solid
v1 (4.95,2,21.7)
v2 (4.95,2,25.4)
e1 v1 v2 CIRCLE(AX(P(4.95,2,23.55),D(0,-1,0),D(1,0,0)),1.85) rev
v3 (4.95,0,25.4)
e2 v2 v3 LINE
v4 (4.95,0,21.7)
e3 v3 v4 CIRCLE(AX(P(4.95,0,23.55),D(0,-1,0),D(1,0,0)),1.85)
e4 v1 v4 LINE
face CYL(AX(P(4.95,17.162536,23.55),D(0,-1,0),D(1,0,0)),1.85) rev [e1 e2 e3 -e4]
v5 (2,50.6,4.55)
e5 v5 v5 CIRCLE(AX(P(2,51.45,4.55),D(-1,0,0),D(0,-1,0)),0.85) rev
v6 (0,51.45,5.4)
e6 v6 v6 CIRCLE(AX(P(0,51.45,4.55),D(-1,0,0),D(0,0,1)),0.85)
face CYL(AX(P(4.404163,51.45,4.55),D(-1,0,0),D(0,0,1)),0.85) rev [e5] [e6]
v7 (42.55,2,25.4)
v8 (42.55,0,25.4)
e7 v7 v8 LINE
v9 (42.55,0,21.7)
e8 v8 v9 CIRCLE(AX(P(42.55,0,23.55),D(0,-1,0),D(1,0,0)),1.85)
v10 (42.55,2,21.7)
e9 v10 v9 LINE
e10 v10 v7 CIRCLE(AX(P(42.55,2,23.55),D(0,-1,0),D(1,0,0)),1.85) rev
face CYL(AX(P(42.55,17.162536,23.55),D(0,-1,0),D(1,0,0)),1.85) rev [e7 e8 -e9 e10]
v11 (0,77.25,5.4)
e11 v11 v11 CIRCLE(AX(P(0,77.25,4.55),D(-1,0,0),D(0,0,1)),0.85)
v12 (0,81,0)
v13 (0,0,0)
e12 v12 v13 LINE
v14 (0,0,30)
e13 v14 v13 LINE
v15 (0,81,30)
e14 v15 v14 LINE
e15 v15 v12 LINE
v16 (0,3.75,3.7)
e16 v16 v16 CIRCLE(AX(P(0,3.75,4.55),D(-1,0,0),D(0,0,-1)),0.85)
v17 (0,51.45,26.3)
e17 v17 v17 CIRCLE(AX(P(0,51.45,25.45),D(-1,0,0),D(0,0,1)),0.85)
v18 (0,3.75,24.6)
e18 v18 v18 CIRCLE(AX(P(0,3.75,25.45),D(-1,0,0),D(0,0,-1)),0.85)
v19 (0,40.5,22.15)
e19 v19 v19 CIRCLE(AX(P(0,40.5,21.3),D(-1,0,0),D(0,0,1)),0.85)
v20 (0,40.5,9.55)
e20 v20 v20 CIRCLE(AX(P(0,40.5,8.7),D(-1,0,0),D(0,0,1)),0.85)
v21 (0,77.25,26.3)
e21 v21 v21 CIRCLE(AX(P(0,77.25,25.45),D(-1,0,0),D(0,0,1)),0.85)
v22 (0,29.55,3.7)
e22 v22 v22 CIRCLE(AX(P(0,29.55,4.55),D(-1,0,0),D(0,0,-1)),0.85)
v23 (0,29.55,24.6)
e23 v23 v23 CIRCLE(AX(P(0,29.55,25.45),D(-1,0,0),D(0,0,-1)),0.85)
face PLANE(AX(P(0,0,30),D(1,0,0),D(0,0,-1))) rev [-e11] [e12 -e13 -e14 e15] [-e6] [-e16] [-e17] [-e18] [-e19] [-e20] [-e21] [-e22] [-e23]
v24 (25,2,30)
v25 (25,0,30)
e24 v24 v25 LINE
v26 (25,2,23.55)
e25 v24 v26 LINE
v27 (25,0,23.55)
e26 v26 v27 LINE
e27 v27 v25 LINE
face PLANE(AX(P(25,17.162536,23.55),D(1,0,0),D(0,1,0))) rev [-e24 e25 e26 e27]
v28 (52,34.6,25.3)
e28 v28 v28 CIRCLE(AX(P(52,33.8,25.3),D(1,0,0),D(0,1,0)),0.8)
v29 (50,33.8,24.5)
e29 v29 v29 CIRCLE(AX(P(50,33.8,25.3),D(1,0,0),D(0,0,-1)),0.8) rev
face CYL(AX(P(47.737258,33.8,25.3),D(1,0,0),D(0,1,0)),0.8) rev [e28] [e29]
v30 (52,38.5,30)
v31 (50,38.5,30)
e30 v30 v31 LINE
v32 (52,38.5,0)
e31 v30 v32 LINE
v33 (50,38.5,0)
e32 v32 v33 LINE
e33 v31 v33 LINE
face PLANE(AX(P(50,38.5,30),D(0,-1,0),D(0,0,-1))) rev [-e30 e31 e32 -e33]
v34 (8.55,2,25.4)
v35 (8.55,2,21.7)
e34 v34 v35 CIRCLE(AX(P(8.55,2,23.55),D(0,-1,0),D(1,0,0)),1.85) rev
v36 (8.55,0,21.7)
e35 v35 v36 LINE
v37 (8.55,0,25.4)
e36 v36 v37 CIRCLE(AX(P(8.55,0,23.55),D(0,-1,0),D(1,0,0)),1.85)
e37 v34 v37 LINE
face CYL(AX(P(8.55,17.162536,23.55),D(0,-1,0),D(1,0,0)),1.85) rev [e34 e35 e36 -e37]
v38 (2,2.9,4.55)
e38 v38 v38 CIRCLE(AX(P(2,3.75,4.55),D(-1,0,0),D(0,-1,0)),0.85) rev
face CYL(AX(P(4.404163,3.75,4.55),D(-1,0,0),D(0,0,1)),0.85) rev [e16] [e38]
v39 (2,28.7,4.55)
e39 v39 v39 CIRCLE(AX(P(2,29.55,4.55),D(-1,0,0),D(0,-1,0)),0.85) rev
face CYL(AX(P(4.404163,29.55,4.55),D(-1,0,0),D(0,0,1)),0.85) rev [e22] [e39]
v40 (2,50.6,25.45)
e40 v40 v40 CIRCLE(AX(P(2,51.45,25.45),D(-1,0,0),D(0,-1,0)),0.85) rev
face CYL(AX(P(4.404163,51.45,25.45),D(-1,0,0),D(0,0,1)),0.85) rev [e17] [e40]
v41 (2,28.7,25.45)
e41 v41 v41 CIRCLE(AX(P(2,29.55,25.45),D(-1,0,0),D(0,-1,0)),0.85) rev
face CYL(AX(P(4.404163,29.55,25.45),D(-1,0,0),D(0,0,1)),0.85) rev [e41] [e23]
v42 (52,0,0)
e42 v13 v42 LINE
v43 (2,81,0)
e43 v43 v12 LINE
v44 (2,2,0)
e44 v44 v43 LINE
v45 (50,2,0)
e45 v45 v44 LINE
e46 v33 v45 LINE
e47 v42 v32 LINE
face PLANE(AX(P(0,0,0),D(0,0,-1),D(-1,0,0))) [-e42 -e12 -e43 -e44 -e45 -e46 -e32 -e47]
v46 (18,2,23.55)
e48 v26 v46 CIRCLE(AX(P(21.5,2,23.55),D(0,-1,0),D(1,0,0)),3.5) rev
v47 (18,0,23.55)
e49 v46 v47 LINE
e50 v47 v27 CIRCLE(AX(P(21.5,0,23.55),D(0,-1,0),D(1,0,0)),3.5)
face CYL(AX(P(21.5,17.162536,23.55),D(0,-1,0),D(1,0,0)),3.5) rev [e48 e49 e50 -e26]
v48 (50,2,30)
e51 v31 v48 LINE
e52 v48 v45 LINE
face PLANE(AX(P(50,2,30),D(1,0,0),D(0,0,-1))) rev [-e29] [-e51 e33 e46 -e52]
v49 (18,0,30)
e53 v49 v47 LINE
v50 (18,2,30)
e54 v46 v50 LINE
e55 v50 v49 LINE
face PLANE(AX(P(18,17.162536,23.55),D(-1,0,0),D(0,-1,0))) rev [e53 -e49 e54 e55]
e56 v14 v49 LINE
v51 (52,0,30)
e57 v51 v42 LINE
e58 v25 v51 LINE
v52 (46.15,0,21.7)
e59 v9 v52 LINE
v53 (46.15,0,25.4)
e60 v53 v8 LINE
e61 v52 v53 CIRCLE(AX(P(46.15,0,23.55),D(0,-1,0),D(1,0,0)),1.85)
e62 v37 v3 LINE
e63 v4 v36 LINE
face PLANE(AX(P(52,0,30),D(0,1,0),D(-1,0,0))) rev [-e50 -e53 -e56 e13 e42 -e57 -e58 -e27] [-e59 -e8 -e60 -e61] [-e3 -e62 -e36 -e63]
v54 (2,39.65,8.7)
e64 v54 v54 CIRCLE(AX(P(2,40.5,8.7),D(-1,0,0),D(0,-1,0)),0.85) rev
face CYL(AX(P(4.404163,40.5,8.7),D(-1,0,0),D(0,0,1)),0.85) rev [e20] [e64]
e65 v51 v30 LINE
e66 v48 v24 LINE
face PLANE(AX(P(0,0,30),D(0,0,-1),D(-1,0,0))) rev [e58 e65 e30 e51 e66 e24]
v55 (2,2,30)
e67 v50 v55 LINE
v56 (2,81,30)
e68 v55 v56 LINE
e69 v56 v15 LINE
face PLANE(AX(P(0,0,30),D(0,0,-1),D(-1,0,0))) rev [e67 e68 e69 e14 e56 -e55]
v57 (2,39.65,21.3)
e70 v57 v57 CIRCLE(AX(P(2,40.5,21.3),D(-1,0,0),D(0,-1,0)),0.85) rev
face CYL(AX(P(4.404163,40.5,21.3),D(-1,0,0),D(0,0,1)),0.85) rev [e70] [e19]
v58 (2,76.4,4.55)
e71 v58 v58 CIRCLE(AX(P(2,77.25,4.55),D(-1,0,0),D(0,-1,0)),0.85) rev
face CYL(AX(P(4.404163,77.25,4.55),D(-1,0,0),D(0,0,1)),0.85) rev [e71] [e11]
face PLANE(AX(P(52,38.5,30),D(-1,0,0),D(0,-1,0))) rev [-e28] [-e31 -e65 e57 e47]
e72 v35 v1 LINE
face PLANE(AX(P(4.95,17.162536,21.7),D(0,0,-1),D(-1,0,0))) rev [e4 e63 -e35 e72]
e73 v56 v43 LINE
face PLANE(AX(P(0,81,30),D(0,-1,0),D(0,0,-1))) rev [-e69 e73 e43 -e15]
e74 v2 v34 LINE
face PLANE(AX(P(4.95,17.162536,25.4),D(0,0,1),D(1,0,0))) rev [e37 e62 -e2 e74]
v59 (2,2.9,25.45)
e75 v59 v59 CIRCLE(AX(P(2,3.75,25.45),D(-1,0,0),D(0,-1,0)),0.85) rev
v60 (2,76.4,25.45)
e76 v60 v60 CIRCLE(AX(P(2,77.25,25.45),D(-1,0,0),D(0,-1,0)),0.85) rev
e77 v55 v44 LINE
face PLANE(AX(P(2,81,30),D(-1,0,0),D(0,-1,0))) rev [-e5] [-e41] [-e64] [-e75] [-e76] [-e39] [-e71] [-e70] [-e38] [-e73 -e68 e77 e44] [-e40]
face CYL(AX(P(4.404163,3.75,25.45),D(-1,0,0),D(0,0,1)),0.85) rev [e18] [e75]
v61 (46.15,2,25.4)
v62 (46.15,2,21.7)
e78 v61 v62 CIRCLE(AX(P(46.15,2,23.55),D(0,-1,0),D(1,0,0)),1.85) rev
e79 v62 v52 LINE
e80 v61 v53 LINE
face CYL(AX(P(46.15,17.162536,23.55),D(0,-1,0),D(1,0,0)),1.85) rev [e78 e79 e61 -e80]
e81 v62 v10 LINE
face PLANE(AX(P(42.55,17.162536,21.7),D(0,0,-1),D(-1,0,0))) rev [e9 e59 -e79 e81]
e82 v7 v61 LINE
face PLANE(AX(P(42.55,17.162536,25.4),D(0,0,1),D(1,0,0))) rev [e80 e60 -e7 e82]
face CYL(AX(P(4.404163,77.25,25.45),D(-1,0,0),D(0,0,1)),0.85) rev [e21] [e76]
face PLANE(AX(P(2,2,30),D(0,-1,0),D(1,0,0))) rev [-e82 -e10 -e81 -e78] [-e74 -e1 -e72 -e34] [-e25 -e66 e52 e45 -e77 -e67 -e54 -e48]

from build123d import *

# Parameters (mm, degrees)
SALIENTE_EXTRUIR1_DEPTH = 30
CROQUIS2_R              = 0.8
CORTAR_EXTRUIR1_DEPTH   = 2
CROQUIS3_R              = 0.85
CORTAR_EXTRUIR2_DEPTH   = 2
CORTAR_EXTRUIR3_DEPTH   = 2


with BuildPart() as part:
    # Croquis1 → Saliente-Extruir1 (new body)
    with BuildSketch(Plane.XY):
        Polygon((0, 0), (0, 81), (2, 81), (2, 2), (50, 2), (50, 38.5), (52, 38.5), (52, 0), align=None)
    extrude(amount=SALIENTE_EXTRUIR1_DEPTH)

    # Croquis2 → Cortar-Extruir1 (cut)
    with BuildSketch(Plane(origin=(52, 0, 0), x_dir=(0, 0, -1), z_dir=(1, 0, 0))):
        with Locations(Location((-25.3, 33.8, 0), (0, 0, 90))):
            Circle(CROQUIS2_R)
    extrude(amount=-CORTAR_EXTRUIR1_DEPTH, mode=Mode.SUBTRACT)

    # Croquis3 → Cortar-Extruir2 (cut)
    with BuildSketch(Plane.ZY):
        with Locations((4.55, 77.25)):
            Circle(CROQUIS3_R)
        with Locations((25.45, 77.25)):
            Circle(CROQUIS3_R)
        with Locations((25.45, 51.45)):
            Circle(CROQUIS3_R)
        with Locations((4.55, 51.45)):
            Circle(CROQUIS3_R)
        with Locations(Location((25.45, 29.55, 0), (0, 0, 270))):
            Circle(CROQUIS3_R)
        with Locations(Location((4.55, 29.55, 0), (0, 0, 270))):
            Circle(CROQUIS3_R)
        with Locations(Location((25.45, 3.75, 0), (0, 0, 270))):
            Circle(CROQUIS3_R)
        with Locations(Location((4.55, 3.75, 0), (0, 0, 270))):
            Circle(CROQUIS3_R)
        with Locations((8.7, 40.5)):
            Circle(CROQUIS3_R)
        with Locations((21.3, 40.5)):
            Circle(CROQUIS3_R)
    extrude(amount=-CORTAR_EXTRUIR2_DEPTH, mode=Mode.SUBTRACT)

    # Croquis4 → Cortar-Extruir3 (cut)
    with BuildSketch(Plane.XZ):
        with BuildLine():
            Line((4.95, 25.4), (8.55, 25.4))
            ThreePointArc((8.55, 25.4), (10.4, 23.55), (8.55, 21.7))
            Line((8.55, 21.7), (4.95, 21.7))
            ThreePointArc((4.95, 21.7), (3.1, 23.55), (4.95, 25.4))
        make_face()
        with BuildLine():
            Line((42.55, 25.4), (46.15, 25.4))
            ThreePointArc((46.15, 25.4), (48, 23.55), (46.15, 21.7))
            Line((46.15, 21.7), (42.55, 21.7))
            ThreePointArc((42.55, 21.7), (40.7, 23.55), (42.55, 25.4))
        make_face()
        with BuildLine():
            Line((18, 23.55), (18, 30))
            ThreePointArc((18, 30), (21.5, 33.5), (25, 30))
            Line((25, 30), (25, 23.55))
            ThreePointArc((25, 23.55), (21.5, 20.05), (18, 23.55))
        make_face()
    extrude(amount=-CORTAR_EXTRUIR3_DEPTH, mode=Mode.SUBTRACT)


solid = part.part
